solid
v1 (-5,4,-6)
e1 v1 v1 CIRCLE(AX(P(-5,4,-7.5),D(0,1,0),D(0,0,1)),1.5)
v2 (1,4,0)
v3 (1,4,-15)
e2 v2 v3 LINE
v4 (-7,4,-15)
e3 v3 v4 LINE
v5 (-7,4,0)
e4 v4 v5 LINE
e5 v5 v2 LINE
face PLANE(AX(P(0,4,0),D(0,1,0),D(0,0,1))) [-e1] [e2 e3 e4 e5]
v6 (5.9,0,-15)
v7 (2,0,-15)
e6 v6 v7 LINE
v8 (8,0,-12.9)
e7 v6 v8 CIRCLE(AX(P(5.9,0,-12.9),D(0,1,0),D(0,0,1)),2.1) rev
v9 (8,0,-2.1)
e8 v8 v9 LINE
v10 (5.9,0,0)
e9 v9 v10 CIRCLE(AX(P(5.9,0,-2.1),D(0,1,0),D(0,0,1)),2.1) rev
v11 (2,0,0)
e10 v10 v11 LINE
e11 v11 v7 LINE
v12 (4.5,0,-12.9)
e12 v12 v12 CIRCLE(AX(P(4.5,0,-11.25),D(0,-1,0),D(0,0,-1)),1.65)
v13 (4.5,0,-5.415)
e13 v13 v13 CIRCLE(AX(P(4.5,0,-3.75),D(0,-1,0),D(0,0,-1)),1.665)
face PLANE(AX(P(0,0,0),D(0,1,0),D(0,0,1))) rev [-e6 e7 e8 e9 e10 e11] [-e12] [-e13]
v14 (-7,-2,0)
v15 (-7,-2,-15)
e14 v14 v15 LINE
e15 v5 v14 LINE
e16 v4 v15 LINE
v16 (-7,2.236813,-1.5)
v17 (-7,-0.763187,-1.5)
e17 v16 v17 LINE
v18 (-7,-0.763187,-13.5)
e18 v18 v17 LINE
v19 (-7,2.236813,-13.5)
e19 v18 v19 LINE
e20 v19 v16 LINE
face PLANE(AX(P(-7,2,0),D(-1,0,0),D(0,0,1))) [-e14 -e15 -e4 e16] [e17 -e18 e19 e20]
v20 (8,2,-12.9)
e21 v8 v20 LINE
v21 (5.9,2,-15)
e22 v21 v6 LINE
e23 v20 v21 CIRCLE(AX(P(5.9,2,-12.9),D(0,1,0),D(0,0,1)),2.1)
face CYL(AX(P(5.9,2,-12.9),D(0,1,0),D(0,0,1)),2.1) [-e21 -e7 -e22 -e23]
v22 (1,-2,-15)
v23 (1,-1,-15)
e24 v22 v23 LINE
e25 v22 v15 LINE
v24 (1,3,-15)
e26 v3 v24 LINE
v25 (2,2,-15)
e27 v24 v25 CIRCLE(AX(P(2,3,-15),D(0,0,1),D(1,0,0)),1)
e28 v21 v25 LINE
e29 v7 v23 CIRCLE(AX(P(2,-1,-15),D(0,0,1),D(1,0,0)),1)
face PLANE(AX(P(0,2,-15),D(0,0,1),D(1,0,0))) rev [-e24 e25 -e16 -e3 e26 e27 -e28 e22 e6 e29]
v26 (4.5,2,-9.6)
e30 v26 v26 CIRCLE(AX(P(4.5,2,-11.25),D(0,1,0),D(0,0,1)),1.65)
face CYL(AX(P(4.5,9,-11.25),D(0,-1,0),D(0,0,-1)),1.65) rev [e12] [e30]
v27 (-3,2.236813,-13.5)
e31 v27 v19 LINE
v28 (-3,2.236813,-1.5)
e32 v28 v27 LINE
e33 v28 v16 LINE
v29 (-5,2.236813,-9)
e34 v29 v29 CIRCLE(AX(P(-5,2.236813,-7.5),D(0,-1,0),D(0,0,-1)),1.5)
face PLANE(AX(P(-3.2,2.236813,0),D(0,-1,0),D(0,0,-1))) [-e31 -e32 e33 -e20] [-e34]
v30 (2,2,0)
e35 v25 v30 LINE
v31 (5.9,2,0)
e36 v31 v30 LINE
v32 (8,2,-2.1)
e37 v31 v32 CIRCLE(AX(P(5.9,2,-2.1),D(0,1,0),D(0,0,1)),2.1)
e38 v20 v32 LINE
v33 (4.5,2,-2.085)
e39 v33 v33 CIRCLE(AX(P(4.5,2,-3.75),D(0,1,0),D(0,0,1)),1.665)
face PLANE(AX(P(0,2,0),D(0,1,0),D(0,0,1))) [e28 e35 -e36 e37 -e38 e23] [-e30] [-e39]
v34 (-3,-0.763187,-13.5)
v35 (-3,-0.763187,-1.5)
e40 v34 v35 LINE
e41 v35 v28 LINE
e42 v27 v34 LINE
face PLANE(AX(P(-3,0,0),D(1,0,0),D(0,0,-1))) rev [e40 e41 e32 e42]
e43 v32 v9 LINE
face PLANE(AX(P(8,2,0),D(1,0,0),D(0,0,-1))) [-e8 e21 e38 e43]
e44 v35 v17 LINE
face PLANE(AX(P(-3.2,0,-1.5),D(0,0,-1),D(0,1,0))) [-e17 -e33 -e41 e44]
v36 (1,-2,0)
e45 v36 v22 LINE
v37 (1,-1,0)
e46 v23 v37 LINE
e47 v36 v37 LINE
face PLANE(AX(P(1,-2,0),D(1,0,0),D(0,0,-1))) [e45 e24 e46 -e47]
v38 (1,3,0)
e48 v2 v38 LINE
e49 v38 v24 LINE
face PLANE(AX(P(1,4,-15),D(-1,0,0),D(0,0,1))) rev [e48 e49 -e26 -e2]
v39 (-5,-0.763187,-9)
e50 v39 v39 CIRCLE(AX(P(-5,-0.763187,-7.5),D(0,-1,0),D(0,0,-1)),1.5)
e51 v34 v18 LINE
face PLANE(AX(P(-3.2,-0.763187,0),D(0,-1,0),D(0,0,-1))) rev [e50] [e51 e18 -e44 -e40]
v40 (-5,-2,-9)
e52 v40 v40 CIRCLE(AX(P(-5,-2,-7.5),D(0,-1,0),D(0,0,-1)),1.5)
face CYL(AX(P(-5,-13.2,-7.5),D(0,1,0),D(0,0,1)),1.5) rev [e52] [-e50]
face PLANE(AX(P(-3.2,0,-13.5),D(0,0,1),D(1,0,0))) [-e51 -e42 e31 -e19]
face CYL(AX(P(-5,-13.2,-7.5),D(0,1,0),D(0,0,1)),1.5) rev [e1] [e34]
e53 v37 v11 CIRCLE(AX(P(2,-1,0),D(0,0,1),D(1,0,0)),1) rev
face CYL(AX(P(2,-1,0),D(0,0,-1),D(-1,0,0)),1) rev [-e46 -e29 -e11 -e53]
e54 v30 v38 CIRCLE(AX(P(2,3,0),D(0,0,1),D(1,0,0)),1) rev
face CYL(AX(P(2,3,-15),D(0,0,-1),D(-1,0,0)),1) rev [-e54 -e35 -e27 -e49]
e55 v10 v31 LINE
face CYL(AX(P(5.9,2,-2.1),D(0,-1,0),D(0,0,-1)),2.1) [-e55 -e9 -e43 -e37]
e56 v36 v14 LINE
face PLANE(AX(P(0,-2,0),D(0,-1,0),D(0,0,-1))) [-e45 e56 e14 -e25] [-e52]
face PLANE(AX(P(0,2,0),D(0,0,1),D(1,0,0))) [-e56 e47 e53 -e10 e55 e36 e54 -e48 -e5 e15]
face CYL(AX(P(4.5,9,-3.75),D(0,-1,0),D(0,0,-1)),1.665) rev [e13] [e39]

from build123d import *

# Parameters (mm, degrees)
SKETCH1_W           = 7
SKETCH1_H           = 15
SKETCH1_W_2         = 8
BOSS_EXTRUDE1_DEPTH = 2
SKETCH2_W           = 8
SKETCH2_H           = 15
BOSS_EXTRUDE2_DEPTH = 2
SKETCH3_W           = 8
SKETCH3_H           = 15
BOSS_EXTRUDE4_DEPTH = 2
SKETCH4_R           = 1.665
SKETCH4_R_2         = 1.65
CUT_EXTRUDE1_DEPTH  = 9
FILLET1_R           = 2.1
FILLET2_R           = 2.1
SKETCH5_W           = 12
SKETCH5_H           = 3
CUT_EXTRUDE2_DEPTH  = 3.8
SKETCH6_R           = 1.5
CUT_EXTRUDE3_DEPTH  = 17.2
FILLET3_R           = 1
FILLET4_R           = 1
SKETCH7_W           = 12
SKETCH7_H           = 3
CUT_EXTRUDE4_DEPTH  = 0.2


with BuildPart() as part:
    # Sketch1 → Boss-Extrude1 (new body)
    with BuildSketch(Plane(origin=(0, 0, 0), x_dir=(1, 0, 0), z_dir=(0, 1, 0))):
        with Locations((-3.5, 7.5)):
            Rectangle(SKETCH1_W, SKETCH1_H)
        with Locations((4, 7.5)):
            Rectangle(SKETCH1_W_2, SKETCH1_H)
    extrude(amount=BOSS_EXTRUDE1_DEPTH)

    # Sketch2 → Boss-Extrude2 (add)
    with BuildSketch(Plane.XZ):
        with Locations((-3, -7.5)):
            Rectangle(SKETCH2_W, SKETCH2_H)
    extrude(amount=BOSS_EXTRUDE2_DEPTH)

    # Sketch3 → Boss-Extrude4 (add)
    with BuildSketch(Plane(origin=(0, 2, 0), x_dir=(1, 0, 0), z_dir=(0, 1, 0))):
        with Locations((-3, 7.5)):
            Rectangle(SKETCH3_W, SKETCH3_H)
    extrude(amount=BOSS_EXTRUDE4_DEPTH)

    # Sketch4 → Cut-Extrude1 (cut)
    with BuildSketch(Plane(origin=(0, 0, 0), x_dir=(-1, 0, 0), z_dir=(0, -1, 0))):
        with Locations((-4.5, 3.75)):
            Circle(SKETCH4_R)
        with Locations((-4.5, 11.25)):
            Circle(SKETCH4_R_2)
    extrude(amount=-CUT_EXTRUDE1_DEPTH, mode=Mode.SUBTRACT)

    # Fillet1
    fillet1_edges = [part.edges().sort_by_distance(p)[0] for p in [
        (8, 1, 0),
    ]]
    fillet(fillet1_edges, radius=FILLET1_R)

    # Fillet2
    fillet2_edges = [part.edges().sort_by_distance(p)[0] for p in [
        (8, 1, -15),
    ]]
    fillet(fillet2_edges, radius=FILLET2_R)

    # Sketch5 → Cut-Extrude2 (cut)
    with BuildSketch(Plane.ZY.offset(7)):
        with Locations((-7.5, 0.736813471)):
            Rectangle(SKETCH5_W, SKETCH5_H)
    extrude(amount=-CUT_EXTRUDE2_DEPTH, mode=Mode.SUBTRACT)

    # Sketch6 → Cut-Extrude3 (cut)
    with BuildSketch(Plane(origin=(0, 4, 0), x_dir=(1, 0, 0), z_dir=(0, 1, 0))):
        with Locations((-5, 7.5)):
            Circle(SKETCH6_R)
    extrude(amount=-CUT_EXTRUDE3_DEPTH, mode=Mode.SUBTRACT)

    # Fillet3
    fillet3_edges = [part.edges().sort_by_distance(p)[0] for p in [
        (1, 0, -7.5),
    ]]
    fillet(fillet3_edges, radius=FILLET3_R)

    # Fillet4
    fillet4_edges = [part.edges().sort_by_distance(p)[0] for p in [
        (1, 2, -7.5),
    ]]
    fillet(fillet4_edges, radius=FILLET4_R)

    # Sketch7 → Cut-Extrude4 (cut)
    with BuildSketch(Plane.ZY.offset(3.2)):
        with Locations((-7.5, 0.736813471)):
            Rectangle(SKETCH7_W, SKETCH7_H)
    extrude(amount=-CUT_EXTRUDE4_DEPTH, mode=Mode.SUBTRACT)


solid = part.part
